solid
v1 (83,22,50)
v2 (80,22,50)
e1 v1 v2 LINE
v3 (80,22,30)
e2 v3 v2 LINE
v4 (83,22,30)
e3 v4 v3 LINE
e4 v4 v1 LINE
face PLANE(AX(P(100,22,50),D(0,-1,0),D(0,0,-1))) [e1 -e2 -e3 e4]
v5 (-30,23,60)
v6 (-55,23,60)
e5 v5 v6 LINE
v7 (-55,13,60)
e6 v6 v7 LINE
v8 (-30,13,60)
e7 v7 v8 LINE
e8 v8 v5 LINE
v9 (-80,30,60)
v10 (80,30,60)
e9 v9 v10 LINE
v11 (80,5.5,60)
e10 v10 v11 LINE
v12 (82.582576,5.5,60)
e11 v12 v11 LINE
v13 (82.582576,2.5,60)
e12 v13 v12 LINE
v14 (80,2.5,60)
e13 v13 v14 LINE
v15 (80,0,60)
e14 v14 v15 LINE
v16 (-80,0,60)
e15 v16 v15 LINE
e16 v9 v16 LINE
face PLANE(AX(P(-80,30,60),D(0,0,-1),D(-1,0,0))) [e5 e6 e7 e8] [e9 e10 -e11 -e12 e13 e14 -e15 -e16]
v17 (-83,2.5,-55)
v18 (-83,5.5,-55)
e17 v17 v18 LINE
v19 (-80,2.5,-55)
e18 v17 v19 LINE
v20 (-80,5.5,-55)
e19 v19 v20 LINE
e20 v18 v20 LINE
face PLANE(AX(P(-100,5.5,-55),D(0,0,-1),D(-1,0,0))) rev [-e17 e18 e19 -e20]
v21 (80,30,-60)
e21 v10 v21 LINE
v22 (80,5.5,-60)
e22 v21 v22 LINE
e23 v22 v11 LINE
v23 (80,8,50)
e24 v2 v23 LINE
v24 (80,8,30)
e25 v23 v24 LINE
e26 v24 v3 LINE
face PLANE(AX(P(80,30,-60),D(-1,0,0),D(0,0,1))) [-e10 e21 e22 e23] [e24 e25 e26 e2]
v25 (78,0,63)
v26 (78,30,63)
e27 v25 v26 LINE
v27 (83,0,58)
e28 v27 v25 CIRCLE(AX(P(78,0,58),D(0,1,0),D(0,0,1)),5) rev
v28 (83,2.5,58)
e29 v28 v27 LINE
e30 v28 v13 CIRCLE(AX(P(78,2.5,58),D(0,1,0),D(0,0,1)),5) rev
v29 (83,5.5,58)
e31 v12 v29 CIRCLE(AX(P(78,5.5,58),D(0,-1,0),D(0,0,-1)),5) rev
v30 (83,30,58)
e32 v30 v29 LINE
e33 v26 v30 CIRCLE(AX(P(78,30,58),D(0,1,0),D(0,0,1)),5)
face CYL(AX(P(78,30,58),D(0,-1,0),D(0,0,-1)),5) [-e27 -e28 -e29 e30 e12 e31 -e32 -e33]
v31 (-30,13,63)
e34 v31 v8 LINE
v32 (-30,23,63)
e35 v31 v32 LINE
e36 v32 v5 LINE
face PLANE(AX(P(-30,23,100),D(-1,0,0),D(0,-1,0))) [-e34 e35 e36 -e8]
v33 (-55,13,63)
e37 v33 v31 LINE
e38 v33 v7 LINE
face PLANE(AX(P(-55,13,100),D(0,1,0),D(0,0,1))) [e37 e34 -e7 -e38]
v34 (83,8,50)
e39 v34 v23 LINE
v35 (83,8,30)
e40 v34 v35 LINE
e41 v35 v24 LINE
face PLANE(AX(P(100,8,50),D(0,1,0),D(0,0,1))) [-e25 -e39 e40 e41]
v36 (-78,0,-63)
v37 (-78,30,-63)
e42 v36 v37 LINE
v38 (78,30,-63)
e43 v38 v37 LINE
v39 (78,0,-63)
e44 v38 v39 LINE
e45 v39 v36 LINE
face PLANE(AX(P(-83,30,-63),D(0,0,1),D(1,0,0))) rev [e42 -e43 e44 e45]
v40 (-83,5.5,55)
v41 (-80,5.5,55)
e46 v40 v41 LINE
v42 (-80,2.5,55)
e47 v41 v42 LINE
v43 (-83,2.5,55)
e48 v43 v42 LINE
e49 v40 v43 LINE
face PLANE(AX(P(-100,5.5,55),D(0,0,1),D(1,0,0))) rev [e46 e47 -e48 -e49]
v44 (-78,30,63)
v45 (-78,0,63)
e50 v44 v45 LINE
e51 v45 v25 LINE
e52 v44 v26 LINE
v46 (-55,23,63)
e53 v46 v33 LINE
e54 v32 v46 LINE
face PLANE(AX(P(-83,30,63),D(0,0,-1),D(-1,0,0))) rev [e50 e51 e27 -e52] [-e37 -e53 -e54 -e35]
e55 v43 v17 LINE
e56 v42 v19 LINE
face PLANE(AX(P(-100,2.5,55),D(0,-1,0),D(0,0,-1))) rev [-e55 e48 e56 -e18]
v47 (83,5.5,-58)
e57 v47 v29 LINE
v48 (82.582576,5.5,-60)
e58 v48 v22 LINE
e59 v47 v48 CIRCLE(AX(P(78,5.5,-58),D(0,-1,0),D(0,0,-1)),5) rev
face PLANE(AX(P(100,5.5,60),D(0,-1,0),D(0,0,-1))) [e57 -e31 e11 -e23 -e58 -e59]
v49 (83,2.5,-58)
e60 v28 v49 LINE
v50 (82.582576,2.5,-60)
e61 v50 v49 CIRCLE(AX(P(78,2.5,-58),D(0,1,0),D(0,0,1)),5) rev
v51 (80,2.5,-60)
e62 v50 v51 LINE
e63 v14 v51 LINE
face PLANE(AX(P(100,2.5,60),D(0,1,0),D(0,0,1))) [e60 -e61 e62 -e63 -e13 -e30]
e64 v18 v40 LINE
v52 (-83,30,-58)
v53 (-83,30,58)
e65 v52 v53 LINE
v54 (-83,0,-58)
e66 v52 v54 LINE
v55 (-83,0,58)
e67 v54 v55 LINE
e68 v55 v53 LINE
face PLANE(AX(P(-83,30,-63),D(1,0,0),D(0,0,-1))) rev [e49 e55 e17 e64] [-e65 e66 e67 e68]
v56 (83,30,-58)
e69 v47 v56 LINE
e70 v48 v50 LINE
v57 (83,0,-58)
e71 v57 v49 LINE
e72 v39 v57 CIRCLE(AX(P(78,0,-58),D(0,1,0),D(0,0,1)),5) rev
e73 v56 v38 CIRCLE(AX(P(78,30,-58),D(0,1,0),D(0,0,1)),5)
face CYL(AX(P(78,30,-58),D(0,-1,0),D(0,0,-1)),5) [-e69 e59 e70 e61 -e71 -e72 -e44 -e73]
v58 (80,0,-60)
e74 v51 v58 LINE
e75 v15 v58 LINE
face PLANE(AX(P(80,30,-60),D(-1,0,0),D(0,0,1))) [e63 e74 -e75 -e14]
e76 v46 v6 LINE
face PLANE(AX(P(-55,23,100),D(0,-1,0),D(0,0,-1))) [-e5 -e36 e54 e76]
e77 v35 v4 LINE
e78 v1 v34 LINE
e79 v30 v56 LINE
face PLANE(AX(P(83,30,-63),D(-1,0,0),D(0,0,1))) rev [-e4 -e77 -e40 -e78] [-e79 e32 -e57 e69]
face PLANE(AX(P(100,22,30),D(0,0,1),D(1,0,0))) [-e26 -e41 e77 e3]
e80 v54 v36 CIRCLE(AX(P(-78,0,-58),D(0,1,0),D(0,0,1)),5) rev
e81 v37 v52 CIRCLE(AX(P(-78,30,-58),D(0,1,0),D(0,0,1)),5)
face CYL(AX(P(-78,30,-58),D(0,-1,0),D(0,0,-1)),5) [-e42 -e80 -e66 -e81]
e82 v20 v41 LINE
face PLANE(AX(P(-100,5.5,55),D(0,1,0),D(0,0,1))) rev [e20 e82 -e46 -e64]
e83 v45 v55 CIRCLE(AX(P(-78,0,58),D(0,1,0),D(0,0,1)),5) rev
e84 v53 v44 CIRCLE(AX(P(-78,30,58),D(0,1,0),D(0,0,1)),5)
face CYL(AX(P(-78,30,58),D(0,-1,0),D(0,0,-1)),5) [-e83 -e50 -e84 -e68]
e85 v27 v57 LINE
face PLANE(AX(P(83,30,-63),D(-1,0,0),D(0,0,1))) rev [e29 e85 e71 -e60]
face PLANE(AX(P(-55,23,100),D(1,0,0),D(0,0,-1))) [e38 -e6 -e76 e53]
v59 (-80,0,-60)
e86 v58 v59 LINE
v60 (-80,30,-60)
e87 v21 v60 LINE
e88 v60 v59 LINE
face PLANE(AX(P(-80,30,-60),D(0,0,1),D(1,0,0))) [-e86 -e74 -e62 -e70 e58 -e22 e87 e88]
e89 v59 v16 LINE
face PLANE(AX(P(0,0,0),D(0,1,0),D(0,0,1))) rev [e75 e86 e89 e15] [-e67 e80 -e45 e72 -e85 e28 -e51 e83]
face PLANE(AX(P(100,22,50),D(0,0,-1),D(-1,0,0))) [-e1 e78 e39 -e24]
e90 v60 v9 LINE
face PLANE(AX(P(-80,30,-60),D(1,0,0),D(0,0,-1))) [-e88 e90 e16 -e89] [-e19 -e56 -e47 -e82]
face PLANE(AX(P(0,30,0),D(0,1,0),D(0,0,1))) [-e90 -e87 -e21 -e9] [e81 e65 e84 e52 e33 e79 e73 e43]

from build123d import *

# Parameters (mm, degrees)
SKETCH_1_W          = 166
SKETCH_1_H          = 126
SKETCH_1_W_2        = 160
SKETCH_1_H_2        = 120
EXTRUDE_1_DEPTH     = 30
FILLET_1_R          = 5
SKETCH_2_W          = 25
SKETCH_2_H          = 10
CUT_EXTRUDE_1_DEPTH = 100
SKETCH_3_W          = 20
SKETCH_3_H          = 14
CUT_EXTRUDE_2_DEPTH = 100
SKETCH_4_W          = 120
SKETCH_4_H          = 3
CUT_EXTRUDE_3_DEPTH = 100
SKETCH_5_W          = 110
SKETCH_5_H          = 3
CUT_EXTRUDE_4_DEPTH = 100


with BuildPart() as part:
    # 草图1 → 凸台-拉伸1 (new body)
    with BuildSketch(Plane(origin=(0, 0, 0), x_dir=(1, 0, 0), z_dir=(0, 1, 0))):
        Rectangle(SKETCH_1_W, SKETCH_1_H)
        Rectangle(SKETCH_1_W_2, SKETCH_1_H_2, mode=Mode.SUBTRACT)
    extrude(amount=EXTRUDE_1_DEPTH)

    # 圆角1
    fillet_1_edges = [part.edges().sort_by_distance(p)[0] for p in [
        (83, 15, 63),
        (-83, 15, 63),
        (-83, 15, -63),
        (83, 15, -63),
    ]]
    fillet(fillet_1_edges, radius=FILLET_1_R)

    # 草图2 → 切除-拉伸1 (cut)
    with BuildSketch(Plane.XY):
        with Locations((-42.5, 18)):
            Rectangle(SKETCH_2_W, SKETCH_2_H)
    extrude(amount=CUT_EXTRUDE_1_DEPTH, mode=Mode.SUBTRACT)

    # 草图3 → 切除-拉伸2 (cut)
    with BuildSketch(Plane(origin=(0, 0, 0), x_dir=(0, 0, -1), z_dir=(1, 0, 0))):
        with Locations((-40, 15)):
            Rectangle(SKETCH_3_W, SKETCH_3_H)
    extrude(amount=CUT_EXTRUDE_2_DEPTH, mode=Mode.SUBTRACT)

    # 草图4 → 切除-拉伸3 (cut)
    with BuildSketch(Plane(origin=(0, 0, 0), x_dir=(0, 0, -1), z_dir=(1, 0, 0))):
        with Locations((0, 4)):
            Rectangle(SKETCH_4_W, SKETCH_4_H)
    extrude(amount=CUT_EXTRUDE_3_DEPTH, mode=Mode.SUBTRACT)

    # 草图5 → 切除-拉伸4 (cut)
    with BuildSketch(Plane(origin=(0, 0, 0), x_dir=(0, 0, -1), z_dir=(1, 0, 0))):
        with Locations((0, 4)):
            Rectangle(SKETCH_5_W, SKETCH_5_H)
    extrude(amount=-CUT_EXTRUDE_4_DEPTH, mode=Mode.SUBTRACT)


solid = part.part
